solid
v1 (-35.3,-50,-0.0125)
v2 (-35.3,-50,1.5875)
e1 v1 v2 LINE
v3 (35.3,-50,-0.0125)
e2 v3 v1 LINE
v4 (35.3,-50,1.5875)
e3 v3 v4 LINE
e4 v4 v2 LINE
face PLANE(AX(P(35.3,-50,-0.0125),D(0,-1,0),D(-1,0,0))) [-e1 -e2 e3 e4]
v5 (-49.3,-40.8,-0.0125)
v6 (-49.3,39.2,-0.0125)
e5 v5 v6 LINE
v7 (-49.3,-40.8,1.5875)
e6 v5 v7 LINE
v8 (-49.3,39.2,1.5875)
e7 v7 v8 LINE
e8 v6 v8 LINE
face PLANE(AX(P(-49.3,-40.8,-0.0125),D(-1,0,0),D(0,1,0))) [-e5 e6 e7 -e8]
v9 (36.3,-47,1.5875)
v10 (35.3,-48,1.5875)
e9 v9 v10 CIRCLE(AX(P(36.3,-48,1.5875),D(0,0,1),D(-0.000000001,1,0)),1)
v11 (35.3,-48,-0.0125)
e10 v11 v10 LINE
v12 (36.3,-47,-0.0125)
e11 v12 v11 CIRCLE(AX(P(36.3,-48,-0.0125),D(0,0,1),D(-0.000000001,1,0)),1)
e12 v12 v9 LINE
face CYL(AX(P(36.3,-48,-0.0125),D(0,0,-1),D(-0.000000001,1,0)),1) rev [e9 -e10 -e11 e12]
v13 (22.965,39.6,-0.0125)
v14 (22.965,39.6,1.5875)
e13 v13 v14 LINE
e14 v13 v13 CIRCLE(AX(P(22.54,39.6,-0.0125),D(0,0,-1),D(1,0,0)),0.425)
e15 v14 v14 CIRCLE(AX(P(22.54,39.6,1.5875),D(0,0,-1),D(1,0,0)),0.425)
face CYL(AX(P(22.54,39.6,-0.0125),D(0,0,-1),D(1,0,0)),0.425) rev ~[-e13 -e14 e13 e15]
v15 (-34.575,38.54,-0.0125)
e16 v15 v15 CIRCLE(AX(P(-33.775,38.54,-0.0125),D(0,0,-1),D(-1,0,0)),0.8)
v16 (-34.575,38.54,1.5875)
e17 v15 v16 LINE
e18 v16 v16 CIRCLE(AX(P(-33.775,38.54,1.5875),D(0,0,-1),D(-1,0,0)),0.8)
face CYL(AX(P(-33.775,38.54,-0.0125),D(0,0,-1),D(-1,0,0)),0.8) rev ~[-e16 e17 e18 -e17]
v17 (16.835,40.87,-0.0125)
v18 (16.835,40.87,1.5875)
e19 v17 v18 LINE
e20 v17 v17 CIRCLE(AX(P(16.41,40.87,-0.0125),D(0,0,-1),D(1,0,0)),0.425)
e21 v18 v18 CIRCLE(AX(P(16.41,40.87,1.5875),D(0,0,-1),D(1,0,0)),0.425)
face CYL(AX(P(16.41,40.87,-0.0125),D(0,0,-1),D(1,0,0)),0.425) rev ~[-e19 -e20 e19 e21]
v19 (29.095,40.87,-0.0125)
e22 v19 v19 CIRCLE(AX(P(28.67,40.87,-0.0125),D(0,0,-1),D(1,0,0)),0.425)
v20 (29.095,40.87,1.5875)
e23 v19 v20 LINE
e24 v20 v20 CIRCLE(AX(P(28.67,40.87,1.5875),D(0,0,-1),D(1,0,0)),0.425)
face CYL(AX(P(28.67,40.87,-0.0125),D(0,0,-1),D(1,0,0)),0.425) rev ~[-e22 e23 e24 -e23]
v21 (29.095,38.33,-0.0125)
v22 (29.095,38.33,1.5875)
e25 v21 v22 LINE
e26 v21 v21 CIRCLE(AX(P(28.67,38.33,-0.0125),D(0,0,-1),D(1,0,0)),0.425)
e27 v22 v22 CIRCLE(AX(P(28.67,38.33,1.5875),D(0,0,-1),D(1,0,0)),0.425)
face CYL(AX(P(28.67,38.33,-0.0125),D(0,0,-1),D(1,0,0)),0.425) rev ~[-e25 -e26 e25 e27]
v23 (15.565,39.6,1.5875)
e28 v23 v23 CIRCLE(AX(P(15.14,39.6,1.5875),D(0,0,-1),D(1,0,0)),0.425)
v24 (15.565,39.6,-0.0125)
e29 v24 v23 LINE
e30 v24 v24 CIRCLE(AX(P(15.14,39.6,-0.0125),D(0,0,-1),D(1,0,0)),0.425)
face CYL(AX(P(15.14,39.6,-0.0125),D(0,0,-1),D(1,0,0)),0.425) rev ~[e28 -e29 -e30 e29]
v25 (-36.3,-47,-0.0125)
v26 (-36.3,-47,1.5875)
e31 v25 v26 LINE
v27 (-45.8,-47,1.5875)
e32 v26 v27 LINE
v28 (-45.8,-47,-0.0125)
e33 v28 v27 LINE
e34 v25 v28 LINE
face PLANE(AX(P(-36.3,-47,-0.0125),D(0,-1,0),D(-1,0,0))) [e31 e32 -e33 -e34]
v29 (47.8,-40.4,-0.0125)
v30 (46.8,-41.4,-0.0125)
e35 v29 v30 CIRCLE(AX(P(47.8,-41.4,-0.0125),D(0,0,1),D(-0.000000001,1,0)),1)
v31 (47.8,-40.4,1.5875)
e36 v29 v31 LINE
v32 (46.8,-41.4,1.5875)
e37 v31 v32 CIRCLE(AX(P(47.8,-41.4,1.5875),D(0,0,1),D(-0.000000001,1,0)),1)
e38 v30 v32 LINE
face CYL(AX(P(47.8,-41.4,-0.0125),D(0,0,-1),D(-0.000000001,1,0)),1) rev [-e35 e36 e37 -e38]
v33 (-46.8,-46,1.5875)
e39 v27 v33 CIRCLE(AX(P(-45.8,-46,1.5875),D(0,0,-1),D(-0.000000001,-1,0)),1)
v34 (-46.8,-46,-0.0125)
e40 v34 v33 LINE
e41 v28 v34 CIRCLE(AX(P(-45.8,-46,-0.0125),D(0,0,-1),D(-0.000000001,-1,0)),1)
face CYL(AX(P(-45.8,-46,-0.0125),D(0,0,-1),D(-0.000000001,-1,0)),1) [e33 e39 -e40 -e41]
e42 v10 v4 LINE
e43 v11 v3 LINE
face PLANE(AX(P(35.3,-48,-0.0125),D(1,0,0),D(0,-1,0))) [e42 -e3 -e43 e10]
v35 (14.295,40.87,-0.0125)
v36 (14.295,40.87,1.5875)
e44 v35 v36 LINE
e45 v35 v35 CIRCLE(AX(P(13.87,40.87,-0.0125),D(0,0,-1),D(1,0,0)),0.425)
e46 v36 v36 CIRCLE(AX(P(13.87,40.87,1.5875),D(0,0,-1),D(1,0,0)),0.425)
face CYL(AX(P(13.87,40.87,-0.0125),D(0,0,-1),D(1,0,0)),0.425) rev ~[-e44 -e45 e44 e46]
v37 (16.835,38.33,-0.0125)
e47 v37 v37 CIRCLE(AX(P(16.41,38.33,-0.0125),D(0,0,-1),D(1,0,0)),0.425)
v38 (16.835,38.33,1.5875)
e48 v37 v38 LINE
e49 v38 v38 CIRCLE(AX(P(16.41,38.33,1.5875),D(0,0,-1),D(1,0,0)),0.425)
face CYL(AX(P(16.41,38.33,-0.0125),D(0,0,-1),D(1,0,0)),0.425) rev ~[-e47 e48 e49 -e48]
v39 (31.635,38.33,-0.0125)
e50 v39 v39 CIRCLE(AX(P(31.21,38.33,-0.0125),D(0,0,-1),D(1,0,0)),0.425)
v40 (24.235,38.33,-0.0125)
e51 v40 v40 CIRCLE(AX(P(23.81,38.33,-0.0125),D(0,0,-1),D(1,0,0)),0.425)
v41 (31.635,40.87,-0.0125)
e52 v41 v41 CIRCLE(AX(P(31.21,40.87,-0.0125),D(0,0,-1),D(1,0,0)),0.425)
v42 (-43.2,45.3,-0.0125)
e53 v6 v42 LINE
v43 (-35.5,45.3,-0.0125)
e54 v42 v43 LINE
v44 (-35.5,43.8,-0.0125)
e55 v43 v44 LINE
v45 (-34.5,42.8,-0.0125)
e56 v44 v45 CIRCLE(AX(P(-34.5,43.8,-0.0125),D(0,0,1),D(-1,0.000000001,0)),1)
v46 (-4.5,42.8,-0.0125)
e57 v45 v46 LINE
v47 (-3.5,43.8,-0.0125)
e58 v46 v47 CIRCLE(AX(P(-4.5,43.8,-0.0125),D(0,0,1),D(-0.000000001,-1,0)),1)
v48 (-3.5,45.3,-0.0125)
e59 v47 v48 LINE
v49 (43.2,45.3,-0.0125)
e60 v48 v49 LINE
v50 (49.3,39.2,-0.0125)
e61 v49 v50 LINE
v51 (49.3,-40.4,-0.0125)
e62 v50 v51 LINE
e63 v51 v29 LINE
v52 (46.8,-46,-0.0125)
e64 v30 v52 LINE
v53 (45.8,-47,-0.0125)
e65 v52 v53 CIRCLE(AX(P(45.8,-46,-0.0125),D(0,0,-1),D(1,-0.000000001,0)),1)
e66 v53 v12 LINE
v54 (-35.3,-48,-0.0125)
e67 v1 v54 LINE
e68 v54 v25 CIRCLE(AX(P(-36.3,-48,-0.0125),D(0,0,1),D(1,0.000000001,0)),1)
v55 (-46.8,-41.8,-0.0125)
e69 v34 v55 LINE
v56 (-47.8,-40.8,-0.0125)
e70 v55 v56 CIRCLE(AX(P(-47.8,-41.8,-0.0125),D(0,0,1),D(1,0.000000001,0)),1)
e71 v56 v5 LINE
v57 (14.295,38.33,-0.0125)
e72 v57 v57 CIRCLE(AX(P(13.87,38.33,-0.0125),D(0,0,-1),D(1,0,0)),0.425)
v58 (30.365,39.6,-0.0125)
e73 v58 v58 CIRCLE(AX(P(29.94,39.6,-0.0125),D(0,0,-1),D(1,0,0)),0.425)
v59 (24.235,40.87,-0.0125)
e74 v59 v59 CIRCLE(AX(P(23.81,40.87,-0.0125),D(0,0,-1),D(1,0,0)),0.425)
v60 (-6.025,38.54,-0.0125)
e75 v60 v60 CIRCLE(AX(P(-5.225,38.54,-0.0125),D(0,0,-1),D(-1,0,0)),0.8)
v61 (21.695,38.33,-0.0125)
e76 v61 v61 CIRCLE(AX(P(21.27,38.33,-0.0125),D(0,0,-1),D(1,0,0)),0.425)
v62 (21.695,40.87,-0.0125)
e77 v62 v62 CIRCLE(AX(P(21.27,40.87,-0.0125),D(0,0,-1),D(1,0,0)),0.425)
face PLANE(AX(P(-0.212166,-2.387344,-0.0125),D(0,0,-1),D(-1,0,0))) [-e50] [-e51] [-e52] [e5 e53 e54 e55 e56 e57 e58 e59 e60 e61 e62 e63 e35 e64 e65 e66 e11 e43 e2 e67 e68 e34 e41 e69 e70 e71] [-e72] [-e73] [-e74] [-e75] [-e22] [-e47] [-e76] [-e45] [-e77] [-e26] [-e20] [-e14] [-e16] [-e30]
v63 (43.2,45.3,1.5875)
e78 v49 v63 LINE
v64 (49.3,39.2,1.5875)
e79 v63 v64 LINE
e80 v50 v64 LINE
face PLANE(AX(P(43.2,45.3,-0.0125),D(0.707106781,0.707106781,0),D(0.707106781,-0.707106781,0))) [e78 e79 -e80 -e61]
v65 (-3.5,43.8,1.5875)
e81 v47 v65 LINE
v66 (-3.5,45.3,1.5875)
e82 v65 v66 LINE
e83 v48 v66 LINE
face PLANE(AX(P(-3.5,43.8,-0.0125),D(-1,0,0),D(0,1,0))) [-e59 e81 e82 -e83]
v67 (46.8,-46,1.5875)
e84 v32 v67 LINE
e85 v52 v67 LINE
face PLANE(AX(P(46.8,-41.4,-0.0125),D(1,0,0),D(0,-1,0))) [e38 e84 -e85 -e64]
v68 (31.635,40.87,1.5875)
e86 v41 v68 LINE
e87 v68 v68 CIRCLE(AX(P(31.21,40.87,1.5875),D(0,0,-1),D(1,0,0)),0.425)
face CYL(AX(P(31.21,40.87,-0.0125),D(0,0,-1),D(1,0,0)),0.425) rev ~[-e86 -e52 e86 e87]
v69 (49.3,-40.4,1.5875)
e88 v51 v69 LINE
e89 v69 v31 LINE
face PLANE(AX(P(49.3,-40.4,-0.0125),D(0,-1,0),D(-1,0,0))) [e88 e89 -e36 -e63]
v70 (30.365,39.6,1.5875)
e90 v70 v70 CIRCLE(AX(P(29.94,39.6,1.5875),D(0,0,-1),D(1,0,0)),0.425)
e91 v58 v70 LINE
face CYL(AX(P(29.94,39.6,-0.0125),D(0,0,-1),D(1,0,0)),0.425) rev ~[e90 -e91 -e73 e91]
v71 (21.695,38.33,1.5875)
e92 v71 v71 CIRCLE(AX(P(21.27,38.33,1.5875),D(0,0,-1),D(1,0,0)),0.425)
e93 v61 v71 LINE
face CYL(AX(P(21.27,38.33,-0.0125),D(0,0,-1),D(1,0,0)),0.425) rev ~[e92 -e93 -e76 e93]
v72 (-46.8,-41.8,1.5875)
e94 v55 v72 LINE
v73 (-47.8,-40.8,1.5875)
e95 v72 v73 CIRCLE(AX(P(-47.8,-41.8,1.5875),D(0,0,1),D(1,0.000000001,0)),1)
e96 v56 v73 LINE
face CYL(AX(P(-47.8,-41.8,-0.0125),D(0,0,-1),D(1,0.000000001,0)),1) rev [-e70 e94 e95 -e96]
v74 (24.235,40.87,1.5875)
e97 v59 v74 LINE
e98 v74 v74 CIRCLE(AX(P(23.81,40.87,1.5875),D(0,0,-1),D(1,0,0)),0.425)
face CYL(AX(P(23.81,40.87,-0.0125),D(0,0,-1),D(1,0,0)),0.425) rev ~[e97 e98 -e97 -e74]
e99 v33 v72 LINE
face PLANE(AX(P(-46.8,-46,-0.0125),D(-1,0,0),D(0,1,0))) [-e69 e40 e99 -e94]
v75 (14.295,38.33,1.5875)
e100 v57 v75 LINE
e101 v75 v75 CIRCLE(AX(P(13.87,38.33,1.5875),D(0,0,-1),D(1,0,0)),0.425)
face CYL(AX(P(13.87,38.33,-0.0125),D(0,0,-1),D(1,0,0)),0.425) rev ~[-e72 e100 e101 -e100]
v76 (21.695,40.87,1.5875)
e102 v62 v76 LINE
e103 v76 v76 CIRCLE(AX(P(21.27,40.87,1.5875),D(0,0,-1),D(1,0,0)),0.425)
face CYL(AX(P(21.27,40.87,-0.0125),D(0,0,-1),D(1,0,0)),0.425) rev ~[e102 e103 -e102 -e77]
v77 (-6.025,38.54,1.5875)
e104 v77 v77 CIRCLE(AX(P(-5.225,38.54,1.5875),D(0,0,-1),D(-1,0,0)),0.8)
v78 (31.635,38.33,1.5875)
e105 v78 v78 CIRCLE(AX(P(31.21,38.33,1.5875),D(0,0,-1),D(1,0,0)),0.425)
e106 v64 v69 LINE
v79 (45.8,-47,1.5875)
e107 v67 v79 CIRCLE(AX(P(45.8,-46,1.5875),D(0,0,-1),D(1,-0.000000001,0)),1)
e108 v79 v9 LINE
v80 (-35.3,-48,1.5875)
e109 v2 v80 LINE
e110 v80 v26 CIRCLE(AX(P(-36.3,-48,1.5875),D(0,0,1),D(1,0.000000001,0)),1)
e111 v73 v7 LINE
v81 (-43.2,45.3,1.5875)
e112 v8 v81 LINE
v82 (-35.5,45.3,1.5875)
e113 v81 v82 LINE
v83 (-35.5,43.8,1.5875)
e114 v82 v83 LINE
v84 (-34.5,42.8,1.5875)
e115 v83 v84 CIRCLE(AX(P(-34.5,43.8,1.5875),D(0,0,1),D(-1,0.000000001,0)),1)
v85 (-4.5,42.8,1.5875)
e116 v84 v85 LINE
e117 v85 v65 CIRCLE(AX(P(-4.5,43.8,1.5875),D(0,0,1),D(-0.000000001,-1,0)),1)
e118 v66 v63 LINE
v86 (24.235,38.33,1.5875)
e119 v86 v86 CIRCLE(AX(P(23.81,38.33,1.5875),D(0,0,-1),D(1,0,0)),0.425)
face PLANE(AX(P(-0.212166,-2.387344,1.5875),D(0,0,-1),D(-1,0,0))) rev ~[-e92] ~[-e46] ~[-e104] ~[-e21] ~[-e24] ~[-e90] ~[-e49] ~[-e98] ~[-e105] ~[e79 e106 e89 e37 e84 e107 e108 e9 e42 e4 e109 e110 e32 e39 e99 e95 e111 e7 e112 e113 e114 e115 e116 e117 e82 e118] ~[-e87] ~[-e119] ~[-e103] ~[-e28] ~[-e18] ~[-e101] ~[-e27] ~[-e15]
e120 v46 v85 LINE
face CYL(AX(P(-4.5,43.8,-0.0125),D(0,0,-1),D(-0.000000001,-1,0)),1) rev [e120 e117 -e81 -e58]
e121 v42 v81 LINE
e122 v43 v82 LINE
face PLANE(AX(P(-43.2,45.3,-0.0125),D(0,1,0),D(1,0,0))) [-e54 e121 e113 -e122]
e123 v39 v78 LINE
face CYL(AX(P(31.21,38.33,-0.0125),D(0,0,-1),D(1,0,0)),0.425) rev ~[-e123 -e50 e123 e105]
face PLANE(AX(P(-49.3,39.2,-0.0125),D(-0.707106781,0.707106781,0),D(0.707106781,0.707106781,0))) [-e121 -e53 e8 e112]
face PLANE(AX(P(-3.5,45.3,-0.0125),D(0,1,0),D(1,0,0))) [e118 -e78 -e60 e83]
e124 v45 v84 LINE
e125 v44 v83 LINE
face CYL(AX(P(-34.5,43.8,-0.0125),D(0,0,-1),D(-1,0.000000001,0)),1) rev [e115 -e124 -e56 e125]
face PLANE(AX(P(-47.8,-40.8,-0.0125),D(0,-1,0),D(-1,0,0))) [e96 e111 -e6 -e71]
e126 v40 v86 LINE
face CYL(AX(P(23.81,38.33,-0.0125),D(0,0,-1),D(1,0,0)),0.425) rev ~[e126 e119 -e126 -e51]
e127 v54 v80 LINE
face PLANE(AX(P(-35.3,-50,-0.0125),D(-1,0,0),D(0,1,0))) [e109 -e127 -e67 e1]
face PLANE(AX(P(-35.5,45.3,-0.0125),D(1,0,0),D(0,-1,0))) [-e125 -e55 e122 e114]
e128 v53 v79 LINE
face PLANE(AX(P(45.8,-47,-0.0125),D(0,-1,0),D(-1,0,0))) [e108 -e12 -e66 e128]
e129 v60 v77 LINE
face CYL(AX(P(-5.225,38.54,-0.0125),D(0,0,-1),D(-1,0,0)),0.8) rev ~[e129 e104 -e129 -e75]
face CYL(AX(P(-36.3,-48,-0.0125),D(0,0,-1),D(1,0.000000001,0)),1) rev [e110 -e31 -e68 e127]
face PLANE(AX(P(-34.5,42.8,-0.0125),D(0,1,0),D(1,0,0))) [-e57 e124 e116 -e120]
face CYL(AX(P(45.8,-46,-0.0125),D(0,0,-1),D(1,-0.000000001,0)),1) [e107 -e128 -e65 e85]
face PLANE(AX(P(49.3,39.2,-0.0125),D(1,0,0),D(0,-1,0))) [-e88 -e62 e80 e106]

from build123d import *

# Parameters (mm, degrees)
SKETCH1_R           = 0.425
SKETCH1_R_2         = 0.8
BOSS_EXTRUDE1_DEPTH = 1.6


with BuildPart() as part:
    # Sketch1 → Boss-Extrude1 (new body)
    with BuildSketch(Plane(origin=(0, 0, -0.0125), x_dir=(-1, 0, 0), z_dir=(0, 0, -1))):
        with BuildLine():
            Line((47.8, -40.8), (49.3, -40.8))
            Line((49.3, -40.8), (49.3, 39.2))
            Line((49.3, 39.2), (43.2, 45.3))
            Line((43.2, 45.3), (35.500000017, 45.3))
            Line((35.500000017, 45.3), (35.500000017, 43.8))
            ThreePointArc((35.500000017, 43.8), (35.207106799, 43.092893219), (34.500000017, 42.8))
            Line((34.500000017, 42.8), (4.500000014, 42.8))
            ThreePointArc((4.500000014, 42.8), (3.792893232, 43.092893219), (3.500000014, 43.8))
            Line((3.500000014, 43.8), (3.500000014, 45.3))
            Line((3.500000014, 45.3), (-43.2, 45.3))
            Line((-43.2, 45.3), (-49.3, 39.2))
            Line((-49.3, 39.2), (-49.3, -40.4))
            Line((-49.3, -40.4), (-47.8, -40.4))
            ThreePointArc((-47.8, -40.4), (-47.092893219, -40.692893219), (-46.8, -41.4))
            Line((-46.8, -41.4), (-46.8, -46))
            ThreePointArc((-46.8, -46), (-46.507106781, -46.707106781), (-45.8, -47))
            Line((-45.8, -47), (-36.3, -47))
            ThreePointArc((-36.3, -47), (-35.592893219, -47.292893219), (-35.3, -48))
            Line((-35.3, -48), (-35.3, -50))
            Line((-35.3, -50), (35.3, -50))
            Line((35.3, -50), (35.3, -48))
            ThreePointArc((35.3, -48), (35.592893219, -47.292893219), (36.3, -47))
            Line((36.3, -47), (45.8, -47))
            ThreePointArc((45.8, -47), (46.507106781, -46.707106781), (46.8, -46))
            Line((46.8, -46), (46.8, -41.8))
            ThreePointArc((46.8, -41.8), (47.092893219, -41.092893219), (47.8, -40.8))
        make_face()
        with Locations(Location((-13.87, 38.33, 0), (0, 0, 180))):
            Circle(SKETCH1_R, mode=Mode.SUBTRACT)
        with Locations(Location((-22.54, 39.6, 0), (0, 0, 180))):
            Circle(SKETCH1_R, mode=Mode.SUBTRACT)
        with Locations(Location((-23.81, 40.87, 0), (0, 0, 180))):
            Circle(SKETCH1_R, mode=Mode.SUBTRACT)
        with Locations(Location((-21.27, 40.87, 0), (0, 0, 180))):
            Circle(SKETCH1_R, mode=Mode.SUBTRACT)
        with Locations(Location((-13.87, 40.87, 0), (0, 0, 180))):
            Circle(SKETCH1_R, mode=Mode.SUBTRACT)
        with Locations(Location((-31.21, 40.87, 0), (0, 0, 180))):
            Circle(SKETCH1_R, mode=Mode.SUBTRACT)
        with Locations(Location((-16.41, 40.87, 0), (0, 0, 180))):
            Circle(SKETCH1_R, mode=Mode.SUBTRACT)
        with Locations(Location((-15.14, 39.6, 0), (0, 0, 180))):
            Circle(SKETCH1_R, mode=Mode.SUBTRACT)
        with Locations(Location((-29.94, 39.6, 0), (0, 0, 180))):
            Circle(SKETCH1_R, mode=Mode.SUBTRACT)
        with Locations(Location((-28.67, 40.87, 0), (0, 0, 180))):
            Circle(SKETCH1_R, mode=Mode.SUBTRACT)
        with Locations(Location((-28.67, 38.33, 0), (0, 0, 180))):
            Circle(SKETCH1_R, mode=Mode.SUBTRACT)
        with Locations(Location((-16.41, 38.33, 0), (0, 0, 180))):
            Circle(SKETCH1_R, mode=Mode.SUBTRACT)
        with Locations(Location((-21.27, 38.33, 0), (0, 0, 180))):
            Circle(SKETCH1_R, mode=Mode.SUBTRACT)
        with Locations(Location((-23.81, 38.33, 0), (0, 0, 180))):
            Circle(SKETCH1_R, mode=Mode.SUBTRACT)
        with Locations(Location((-31.21, 38.33, 0), (0, 0, 180))):
            Circle(SKETCH1_R, mode=Mode.SUBTRACT)
        with Locations((33.775, 38.54)):
            Circle(SKETCH1_R_2, mode=Mode.SUBTRACT)
        with Locations((5.225, 38.54)):
            Circle(SKETCH1_R_2, mode=Mode.SUBTRACT)
    extrude(amount=-BOSS_EXTRUDE1_DEPTH)


solid = part.part
